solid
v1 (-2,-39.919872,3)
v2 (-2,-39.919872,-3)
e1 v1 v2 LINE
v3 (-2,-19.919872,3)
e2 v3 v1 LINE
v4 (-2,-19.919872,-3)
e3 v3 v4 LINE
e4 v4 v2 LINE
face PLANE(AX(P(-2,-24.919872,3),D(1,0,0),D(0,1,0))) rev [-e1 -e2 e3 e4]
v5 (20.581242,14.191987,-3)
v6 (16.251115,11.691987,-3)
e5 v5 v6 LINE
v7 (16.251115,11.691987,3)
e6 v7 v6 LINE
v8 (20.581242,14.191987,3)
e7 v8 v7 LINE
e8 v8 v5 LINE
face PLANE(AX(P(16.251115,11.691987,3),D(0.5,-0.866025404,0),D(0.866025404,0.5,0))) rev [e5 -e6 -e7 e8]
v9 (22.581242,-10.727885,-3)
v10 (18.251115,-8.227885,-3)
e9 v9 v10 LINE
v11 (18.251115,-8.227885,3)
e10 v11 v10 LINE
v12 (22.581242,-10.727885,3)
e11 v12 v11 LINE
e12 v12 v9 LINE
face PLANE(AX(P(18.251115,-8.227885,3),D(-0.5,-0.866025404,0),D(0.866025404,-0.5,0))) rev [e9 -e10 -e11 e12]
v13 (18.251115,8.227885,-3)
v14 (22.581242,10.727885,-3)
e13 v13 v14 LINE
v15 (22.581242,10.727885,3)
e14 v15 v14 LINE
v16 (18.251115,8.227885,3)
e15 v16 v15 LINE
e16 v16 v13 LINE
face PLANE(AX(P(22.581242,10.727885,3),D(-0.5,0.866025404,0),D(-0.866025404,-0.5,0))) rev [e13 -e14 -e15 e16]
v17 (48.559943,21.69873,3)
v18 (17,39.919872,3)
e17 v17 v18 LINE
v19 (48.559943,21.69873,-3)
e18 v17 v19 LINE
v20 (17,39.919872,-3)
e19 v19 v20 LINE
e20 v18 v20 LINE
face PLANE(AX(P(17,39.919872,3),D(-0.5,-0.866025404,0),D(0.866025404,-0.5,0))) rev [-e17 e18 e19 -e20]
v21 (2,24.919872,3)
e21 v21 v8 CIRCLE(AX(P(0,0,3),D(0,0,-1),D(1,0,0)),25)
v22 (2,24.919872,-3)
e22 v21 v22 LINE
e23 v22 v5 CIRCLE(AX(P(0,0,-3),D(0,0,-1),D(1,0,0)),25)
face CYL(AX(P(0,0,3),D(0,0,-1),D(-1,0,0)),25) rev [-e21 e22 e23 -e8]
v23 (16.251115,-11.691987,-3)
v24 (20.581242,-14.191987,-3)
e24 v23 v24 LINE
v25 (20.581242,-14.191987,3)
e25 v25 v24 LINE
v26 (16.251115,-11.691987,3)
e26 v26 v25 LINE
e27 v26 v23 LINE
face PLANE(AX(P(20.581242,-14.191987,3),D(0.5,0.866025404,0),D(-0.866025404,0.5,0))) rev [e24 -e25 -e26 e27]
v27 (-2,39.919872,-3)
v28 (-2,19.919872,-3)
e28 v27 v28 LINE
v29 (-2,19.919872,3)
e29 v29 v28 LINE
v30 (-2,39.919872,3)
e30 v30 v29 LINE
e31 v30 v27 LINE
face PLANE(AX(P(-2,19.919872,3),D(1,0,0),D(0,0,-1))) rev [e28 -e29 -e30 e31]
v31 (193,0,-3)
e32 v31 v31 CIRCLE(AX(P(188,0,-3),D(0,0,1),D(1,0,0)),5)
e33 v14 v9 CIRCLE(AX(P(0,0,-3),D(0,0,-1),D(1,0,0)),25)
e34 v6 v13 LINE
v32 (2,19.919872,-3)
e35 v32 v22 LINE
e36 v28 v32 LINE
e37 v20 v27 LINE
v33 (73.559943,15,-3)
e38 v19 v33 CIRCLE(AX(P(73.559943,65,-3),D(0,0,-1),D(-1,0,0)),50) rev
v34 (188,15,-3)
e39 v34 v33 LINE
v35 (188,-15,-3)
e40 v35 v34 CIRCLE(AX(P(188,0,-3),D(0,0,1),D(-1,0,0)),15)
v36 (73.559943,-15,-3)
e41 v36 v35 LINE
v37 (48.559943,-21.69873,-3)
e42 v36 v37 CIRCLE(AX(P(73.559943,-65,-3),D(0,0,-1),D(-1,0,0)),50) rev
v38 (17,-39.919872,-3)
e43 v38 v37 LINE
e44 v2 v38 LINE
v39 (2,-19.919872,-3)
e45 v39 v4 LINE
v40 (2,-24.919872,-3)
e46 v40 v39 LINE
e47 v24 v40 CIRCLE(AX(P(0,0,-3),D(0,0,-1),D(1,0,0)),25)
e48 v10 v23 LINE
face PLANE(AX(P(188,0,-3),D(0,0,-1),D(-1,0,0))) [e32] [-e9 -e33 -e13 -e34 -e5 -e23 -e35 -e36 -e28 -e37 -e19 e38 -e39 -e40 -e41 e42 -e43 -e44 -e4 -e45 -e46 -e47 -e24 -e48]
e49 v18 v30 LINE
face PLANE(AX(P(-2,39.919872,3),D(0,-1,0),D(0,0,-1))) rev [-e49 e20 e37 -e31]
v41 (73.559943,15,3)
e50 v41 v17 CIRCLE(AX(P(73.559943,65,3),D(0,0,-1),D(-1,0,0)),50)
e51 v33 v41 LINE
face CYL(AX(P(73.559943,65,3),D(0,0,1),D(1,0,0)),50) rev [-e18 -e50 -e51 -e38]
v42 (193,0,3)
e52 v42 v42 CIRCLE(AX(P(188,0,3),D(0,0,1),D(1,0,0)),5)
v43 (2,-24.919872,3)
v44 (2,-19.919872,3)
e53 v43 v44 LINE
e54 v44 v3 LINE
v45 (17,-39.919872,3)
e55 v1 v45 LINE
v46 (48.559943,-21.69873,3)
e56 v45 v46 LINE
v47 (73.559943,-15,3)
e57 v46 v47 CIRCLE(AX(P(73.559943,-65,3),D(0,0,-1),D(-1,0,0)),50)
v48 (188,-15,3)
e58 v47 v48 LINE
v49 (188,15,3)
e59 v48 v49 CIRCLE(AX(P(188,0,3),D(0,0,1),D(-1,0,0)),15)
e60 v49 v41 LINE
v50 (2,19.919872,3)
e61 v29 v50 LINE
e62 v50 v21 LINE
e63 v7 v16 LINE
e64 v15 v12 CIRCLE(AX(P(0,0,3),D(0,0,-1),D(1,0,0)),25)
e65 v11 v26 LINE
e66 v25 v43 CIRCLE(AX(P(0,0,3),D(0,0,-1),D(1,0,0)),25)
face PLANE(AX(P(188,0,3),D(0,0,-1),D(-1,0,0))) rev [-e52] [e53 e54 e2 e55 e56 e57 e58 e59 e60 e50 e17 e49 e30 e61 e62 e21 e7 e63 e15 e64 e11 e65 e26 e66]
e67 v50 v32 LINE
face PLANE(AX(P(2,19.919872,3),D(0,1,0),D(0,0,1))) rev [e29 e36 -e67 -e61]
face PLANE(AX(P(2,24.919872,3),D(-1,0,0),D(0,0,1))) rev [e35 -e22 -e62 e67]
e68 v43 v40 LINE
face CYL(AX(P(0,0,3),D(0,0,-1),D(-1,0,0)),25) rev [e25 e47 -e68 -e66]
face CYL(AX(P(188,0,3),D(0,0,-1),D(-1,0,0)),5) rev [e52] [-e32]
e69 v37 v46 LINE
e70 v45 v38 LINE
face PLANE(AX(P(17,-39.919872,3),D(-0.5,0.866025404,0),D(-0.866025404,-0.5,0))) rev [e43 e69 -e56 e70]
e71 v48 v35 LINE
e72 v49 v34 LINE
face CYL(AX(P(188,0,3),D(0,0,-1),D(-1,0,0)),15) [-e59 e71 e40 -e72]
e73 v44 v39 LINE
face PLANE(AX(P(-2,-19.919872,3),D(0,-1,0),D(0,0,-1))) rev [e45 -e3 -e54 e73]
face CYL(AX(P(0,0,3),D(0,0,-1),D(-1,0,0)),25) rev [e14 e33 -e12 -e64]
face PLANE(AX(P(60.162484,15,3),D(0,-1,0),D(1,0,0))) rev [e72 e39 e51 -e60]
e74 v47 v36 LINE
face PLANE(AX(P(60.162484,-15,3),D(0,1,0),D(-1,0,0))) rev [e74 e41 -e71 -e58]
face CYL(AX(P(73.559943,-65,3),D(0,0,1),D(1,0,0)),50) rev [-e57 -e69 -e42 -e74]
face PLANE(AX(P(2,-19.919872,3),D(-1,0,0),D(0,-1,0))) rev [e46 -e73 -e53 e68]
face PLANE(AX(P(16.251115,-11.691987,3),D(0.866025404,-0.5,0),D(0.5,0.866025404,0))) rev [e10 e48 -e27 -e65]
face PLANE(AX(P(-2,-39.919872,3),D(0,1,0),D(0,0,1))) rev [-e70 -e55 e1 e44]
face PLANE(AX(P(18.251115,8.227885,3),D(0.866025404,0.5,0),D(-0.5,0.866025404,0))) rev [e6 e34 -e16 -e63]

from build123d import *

# Parameters (mm, degrees)
SKETCH1_R           = 5
BOSS_EXTRUDE1_DEPTH = 3
FILLET1_R           = 50


with BuildPart() as part:
    # Sketch1 → Boss-Extrude1 (new, symmetric)
    with BuildSketch(Plane.XY):
        with BuildLine():
            Line((2, 24.919871589), (2, 19.919871589))
            Line((2, 19.919871589), (-2, 19.919871589))
            Line((-2, 19.919871589), (-2, 24.919871589))
            Line((-2, 24.919871589), (-2, 39.919871589))
            Line((-2, 39.919871589), (17, 39.919871589))
            Line((17, 39.919871589), (60.16248371, 15))
            Line((60.16248371, 15), (188, 15))
            ThreePointArc((188, 15), (203, 0), (188, -15))
            Line((188, -15), (60.16248371, -15))
            Line((60.16248371, -15), (17, -39.919871589))
            Line((17, -39.919871589), (-2, -39.919871589))
            Line((-2, -39.919871589), (-2, -24.919871589))
            Line((-2, -24.919871589), (-2, -19.919871589))
            Line((-2, -19.919871589), (2, -19.919871589))
            Line((2, -19.919871589), (2, -24.919871589))
            ThreePointArc((2, -24.919871589), (12.5, -21.650635095), (20.581241855, -14.191986602))
            Line((20.581241855, -14.191986602), (16.251114836, -11.691986602))
            Line((16.251114836, -11.691986602), (18.251114836, -8.227884987))
            Line((18.251114836, -8.227884987), (22.581241855, -10.727884987))
            ThreePointArc((22.581241855, -10.727884987), (25, 0), (22.581241855, 10.727884987))
            Line((22.581241855, 10.727884987), (18.251114836, 8.227884987))
            Line((18.251114836, 8.227884987), (16.251114836, 11.691986602))
            Line((16.251114836, 11.691986602), (20.581241855, 14.191986602))
            ThreePointArc((20.581241855, 14.191986602), (12.5, 21.650635095), (2, 24.919871589))
        make_face()
        with Locations((188, 0)):
            Circle(SKETCH1_R, mode=Mode.SUBTRACT)
    extrude(amount=BOSS_EXTRUDE1_DEPTH, both=True)

    # Fillet1
    fillet1_edges = [part.edges().sort_by_distance(p)[0] for p in [
        (60.16248371, -15, 0),
        (60.16248371, 15, 0),
    ]]
    fillet(fillet1_edges, radius=FILLET1_R)


solid = part.part
